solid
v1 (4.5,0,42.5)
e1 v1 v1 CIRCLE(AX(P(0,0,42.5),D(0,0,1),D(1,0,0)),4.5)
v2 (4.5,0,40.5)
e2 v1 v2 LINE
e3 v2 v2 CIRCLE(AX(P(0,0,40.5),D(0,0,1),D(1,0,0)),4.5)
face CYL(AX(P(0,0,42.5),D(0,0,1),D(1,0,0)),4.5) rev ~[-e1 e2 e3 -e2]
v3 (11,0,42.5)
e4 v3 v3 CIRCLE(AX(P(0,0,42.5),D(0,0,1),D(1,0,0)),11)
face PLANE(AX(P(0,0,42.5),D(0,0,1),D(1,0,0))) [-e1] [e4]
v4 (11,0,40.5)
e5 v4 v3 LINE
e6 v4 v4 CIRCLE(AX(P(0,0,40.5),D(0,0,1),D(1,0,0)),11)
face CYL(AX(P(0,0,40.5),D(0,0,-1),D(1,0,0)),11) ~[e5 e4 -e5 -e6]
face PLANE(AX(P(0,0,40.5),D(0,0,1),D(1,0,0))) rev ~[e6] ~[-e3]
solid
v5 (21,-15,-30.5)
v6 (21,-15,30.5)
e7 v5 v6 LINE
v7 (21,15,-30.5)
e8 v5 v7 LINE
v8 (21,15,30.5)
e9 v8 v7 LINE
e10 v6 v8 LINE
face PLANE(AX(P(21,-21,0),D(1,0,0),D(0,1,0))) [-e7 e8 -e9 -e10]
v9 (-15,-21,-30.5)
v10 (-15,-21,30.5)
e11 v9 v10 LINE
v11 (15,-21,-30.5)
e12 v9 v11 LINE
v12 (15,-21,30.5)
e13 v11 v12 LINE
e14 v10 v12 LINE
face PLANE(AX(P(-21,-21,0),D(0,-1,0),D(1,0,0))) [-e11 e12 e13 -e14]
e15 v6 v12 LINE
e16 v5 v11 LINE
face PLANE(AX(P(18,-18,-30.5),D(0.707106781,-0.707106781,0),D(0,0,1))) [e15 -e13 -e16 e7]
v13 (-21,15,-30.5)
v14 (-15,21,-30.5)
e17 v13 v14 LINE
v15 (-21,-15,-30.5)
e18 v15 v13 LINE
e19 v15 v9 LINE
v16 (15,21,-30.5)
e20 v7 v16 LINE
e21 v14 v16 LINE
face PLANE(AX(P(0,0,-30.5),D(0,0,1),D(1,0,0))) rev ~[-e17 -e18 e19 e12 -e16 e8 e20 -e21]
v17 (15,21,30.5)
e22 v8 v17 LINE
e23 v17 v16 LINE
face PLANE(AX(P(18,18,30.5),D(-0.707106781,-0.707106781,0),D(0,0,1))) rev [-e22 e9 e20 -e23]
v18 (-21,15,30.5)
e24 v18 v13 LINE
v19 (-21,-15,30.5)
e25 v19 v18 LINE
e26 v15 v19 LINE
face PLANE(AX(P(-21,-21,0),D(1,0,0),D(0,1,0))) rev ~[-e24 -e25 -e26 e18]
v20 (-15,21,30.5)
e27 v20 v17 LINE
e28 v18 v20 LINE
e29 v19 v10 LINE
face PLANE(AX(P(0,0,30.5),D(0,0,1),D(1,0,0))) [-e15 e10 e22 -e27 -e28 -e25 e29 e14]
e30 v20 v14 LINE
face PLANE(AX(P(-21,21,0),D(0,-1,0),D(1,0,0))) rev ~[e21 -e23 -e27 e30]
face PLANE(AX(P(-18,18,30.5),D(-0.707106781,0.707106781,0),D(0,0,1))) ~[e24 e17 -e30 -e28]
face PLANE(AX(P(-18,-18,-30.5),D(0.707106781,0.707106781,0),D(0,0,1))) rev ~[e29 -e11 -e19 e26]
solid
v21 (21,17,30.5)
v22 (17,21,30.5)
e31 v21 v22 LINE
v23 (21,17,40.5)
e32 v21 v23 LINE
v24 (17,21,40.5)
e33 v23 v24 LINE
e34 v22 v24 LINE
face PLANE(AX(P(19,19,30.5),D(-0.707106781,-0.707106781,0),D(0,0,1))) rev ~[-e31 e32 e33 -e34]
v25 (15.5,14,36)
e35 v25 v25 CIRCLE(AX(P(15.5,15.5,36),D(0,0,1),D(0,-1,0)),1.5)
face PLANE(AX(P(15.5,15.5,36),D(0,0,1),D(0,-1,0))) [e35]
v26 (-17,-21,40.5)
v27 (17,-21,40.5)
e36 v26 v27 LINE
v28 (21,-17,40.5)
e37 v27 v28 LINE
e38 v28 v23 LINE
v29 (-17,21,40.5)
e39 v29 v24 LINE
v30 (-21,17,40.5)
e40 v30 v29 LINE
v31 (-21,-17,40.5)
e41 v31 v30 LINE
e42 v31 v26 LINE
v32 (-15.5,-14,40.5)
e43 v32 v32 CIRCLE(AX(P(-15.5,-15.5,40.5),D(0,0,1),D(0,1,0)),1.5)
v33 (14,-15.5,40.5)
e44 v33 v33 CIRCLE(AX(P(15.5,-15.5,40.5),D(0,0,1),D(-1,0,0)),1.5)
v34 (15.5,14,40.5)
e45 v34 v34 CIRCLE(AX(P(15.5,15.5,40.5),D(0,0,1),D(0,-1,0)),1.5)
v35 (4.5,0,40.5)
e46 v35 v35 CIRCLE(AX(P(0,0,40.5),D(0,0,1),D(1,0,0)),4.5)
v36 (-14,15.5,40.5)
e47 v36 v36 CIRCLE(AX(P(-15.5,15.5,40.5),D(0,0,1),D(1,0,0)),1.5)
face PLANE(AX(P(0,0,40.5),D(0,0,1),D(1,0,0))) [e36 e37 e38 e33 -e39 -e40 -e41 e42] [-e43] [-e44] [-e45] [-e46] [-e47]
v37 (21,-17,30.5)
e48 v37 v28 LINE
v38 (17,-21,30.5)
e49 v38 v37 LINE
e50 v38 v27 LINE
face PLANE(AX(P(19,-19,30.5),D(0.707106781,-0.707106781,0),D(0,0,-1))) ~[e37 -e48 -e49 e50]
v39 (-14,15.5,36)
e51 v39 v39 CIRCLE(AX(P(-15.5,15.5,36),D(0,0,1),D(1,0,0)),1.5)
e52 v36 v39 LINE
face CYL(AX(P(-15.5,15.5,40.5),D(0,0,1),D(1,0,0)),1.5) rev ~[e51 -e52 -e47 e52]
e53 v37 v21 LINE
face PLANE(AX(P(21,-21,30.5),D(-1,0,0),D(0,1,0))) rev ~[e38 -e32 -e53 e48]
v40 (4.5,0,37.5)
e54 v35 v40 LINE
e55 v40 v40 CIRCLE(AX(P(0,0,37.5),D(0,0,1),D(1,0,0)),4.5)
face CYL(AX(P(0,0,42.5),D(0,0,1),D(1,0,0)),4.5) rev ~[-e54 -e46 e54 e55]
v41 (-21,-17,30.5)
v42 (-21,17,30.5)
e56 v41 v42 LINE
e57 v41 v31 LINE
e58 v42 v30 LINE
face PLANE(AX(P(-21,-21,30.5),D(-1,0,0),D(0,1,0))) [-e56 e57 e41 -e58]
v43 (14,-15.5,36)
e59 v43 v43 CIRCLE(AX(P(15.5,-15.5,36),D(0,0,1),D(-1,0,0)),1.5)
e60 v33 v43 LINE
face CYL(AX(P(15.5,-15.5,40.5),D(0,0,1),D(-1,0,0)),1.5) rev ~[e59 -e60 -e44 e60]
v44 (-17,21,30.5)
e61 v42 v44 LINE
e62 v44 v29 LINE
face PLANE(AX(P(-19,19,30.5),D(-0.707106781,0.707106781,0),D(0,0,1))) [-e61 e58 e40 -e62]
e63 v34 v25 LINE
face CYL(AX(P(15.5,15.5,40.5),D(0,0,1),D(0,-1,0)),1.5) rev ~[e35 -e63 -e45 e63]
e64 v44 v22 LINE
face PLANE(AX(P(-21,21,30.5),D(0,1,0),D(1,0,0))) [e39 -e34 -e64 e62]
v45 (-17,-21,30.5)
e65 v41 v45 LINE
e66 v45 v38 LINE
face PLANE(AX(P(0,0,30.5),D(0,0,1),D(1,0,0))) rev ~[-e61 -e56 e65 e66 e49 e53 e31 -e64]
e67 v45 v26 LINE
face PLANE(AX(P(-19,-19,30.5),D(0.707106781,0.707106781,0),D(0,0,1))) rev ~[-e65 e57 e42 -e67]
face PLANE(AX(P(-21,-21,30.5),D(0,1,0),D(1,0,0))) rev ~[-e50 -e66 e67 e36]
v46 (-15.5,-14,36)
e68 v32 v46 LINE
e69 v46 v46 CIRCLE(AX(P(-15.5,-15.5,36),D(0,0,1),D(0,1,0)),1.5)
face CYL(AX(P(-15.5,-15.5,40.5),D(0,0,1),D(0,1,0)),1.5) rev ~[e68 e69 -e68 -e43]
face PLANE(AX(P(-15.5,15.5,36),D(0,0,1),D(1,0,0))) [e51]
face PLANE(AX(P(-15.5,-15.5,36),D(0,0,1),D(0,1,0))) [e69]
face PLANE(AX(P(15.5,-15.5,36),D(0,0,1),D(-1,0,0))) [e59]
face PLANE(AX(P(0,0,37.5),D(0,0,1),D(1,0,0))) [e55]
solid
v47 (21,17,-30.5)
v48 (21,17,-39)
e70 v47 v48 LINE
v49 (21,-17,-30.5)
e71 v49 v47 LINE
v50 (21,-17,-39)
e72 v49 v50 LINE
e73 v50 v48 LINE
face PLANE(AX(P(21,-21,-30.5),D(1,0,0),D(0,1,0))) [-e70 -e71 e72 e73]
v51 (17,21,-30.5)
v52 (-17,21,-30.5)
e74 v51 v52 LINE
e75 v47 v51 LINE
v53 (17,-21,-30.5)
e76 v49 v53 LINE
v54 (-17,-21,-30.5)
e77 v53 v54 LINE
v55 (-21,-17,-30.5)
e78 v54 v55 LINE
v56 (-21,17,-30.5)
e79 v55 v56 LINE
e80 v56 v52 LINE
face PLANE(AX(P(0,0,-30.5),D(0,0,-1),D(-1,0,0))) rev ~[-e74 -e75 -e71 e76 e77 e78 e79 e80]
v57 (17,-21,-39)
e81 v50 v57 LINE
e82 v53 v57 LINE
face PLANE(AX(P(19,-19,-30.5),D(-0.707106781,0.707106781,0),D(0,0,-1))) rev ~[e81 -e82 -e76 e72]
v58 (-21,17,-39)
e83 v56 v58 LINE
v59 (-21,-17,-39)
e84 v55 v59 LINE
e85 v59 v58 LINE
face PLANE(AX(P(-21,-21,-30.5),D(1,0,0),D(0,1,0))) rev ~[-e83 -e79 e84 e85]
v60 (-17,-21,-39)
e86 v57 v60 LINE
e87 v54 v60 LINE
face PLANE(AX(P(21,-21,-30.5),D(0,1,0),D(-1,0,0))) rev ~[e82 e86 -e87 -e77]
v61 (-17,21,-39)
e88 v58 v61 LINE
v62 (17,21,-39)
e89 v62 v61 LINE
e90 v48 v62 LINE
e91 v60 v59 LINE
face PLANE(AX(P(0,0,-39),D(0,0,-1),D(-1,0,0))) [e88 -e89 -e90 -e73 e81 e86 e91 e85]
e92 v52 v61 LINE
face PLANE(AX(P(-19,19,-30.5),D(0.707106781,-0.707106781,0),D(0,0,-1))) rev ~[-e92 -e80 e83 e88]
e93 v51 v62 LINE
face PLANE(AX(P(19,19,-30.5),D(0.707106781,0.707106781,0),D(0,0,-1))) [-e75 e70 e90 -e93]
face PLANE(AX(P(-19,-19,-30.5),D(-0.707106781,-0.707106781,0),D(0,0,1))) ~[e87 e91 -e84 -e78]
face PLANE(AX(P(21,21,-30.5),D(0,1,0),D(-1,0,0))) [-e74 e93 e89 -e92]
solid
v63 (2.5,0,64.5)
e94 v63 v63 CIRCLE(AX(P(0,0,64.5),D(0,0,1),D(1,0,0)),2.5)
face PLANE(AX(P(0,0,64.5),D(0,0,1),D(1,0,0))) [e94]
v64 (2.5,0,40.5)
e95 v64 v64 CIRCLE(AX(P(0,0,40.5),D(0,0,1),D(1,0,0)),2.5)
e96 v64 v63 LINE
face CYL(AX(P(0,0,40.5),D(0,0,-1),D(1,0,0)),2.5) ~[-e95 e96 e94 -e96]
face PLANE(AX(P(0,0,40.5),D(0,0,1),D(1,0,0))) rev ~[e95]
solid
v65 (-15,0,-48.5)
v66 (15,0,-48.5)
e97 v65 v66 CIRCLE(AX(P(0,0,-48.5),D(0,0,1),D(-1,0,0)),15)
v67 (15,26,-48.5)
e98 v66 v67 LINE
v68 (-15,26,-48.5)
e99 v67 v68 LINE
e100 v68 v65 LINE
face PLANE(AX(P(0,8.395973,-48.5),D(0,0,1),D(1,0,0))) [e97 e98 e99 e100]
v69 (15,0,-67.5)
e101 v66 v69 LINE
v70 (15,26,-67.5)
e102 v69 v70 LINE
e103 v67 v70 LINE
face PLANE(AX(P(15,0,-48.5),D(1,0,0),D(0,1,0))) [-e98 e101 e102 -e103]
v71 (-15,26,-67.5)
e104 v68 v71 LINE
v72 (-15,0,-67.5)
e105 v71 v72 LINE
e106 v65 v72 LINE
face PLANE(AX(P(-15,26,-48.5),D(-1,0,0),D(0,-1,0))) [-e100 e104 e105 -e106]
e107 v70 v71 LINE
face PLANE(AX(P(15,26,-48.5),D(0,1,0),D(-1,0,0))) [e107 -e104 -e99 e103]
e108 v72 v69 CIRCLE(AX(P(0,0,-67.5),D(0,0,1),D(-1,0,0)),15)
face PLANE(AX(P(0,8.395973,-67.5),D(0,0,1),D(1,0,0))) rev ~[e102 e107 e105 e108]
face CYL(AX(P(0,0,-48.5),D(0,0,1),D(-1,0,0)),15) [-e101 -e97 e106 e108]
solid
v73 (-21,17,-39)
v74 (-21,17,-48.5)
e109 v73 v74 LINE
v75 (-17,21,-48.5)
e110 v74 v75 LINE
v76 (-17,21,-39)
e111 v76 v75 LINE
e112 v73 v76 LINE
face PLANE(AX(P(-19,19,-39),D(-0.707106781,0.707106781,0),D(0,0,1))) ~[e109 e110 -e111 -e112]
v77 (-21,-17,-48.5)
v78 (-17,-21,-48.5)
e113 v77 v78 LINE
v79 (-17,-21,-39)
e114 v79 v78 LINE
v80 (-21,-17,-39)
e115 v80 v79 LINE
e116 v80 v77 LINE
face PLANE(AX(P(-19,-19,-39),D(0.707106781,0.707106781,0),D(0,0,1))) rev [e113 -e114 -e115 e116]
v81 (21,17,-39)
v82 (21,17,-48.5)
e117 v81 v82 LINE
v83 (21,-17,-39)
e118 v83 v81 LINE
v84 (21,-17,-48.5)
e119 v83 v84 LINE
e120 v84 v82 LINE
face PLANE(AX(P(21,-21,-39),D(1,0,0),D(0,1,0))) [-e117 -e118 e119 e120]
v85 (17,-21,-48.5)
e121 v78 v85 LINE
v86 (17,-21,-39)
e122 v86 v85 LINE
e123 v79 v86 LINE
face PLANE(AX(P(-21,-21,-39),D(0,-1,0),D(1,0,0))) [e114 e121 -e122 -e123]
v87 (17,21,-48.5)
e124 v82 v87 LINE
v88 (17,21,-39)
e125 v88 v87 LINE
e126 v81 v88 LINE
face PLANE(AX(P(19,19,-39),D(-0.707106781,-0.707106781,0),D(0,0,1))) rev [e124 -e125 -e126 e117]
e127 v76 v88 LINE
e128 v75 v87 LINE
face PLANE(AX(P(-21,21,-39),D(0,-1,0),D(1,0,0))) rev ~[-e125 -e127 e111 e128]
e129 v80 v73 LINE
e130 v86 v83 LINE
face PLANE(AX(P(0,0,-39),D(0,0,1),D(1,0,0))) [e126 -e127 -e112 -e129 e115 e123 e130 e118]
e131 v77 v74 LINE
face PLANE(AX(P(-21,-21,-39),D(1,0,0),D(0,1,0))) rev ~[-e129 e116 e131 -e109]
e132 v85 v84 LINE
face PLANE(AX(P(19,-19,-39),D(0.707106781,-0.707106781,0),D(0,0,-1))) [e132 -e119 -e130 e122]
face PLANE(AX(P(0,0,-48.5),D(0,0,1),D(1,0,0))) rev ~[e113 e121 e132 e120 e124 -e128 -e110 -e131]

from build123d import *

# Parameters (mm, degrees)
SKETCH_1_W               = 42
SKETCH_1_H               = 42
EXTRUDE_1_DEPTH          = 30.5
CHAMFER_1_SIZE           = 6
SKETCH_15_W              = 42
SKETCH_15_H              = 42
EXTRUDE_11_DEPTH         = 10
SKETCH_16_W              = 42
SKETCH_16_H              = 42
EXTRUDE_12_DEPTH         = 8.5
SKETCH_17_W              = 42
SKETCH_17_H              = 42
EXTRUDE_13_DEPTH         = 9.5
CHAMFER_2_SIZE           = 4
CHAMFER_3_SIZE           = 4
CHAMFER_4_SIZE           = 4
SKETCH_2_R               = 11
EXTRUDE_2_DEPTH          = 2
SKETCH_3_R               = 4.5
CUT_EXTRUDE_1_DEPTH      = 5
SKETCH_6_R               = 2.5
EXTRUDE_9_DEPTH          = 24
EXTRUDE_10_DEPTH         = 19
SKETCH_8_R               = 1.5
CUT_EXTRUDE_3_DEPTH      = 4.5
PATTERN_CIRCULAR_1_COUNT = 4


with BuildPart() as part:
    # 草圖1 → 填料-伸長1 (new body, symmetric)
    with BuildSketch(Plane.XY):
        Rectangle(SKETCH_1_W, SKETCH_1_H)
    extrude(amount=EXTRUDE_1_DEPTH, both=True)

    # 導角1
    chamfer_1_edges = [part.edges().sort_by_distance(p)[0] for p in [
        (21, -21, 0),
        (-21, -21, 0),
        (-21, 21, 0),
        (21, 21, 0),
    ]]
    chamfer(chamfer_1_edges, length=CHAMFER_1_SIZE)


with BuildPart() as body_2:
    # 草圖15 → 填料-伸長11 (new body)
    with BuildSketch(Plane.XY.offset(30.5)):
        Rectangle(SKETCH_15_W, SKETCH_15_H)
    extrude(amount=EXTRUDE_11_DEPTH)

    # 導角2
    chamfer_2_edges = [body_2.edges().sort_by_distance(p)[0] for p in [
        (21, -21, 35.5),
        (-21, -21, 35.5),
        (-21, 21, 35.5),
        (21, 21, 35.5),
    ]]
    chamfer(chamfer_2_edges, length=CHAMFER_2_SIZE)


with BuildPart() as body_3:
    # 草圖16 → 填料-伸長12 (new body)
    with BuildSketch(Plane(origin=(0, 0, -30.5), x_dir=(-1, 0, 0), z_dir=(0, 0, -1))):
        Rectangle(SKETCH_16_W, SKETCH_16_H)
    extrude(amount=EXTRUDE_12_DEPTH)

    # 導角3
    chamfer_3_edges = [body_3.edges().sort_by_distance(p)[0] for p in [
        (-21, -21, -34.75),
        (21, -21, -34.75),
        (21, 21, -34.75),
        (-21, 21, -34.75),
    ]]
    chamfer(chamfer_3_edges, length=CHAMFER_3_SIZE)


with BuildPart() as body_4:
    # 草圖17 → 填料-伸長13 (new body)
    with BuildSketch(Plane.XY.offset(-39)):
        Rectangle(SKETCH_17_W, SKETCH_17_H)
    extrude(amount=-EXTRUDE_13_DEPTH)

    # 導角4
    chamfer_4_edges = [body_4.edges().sort_by_distance(p)[0] for p in [
        (21, -21, -43.75),
        (-21, -21, -43.75),
        (-21, 21, -43.75),
        (21, 21, -43.75),
    ]]
    chamfer(chamfer_4_edges, length=CHAMFER_4_SIZE)


with BuildPart() as body_5:
    # 草圖2 → 填料-伸長2 (new body)
    with BuildSketch(Plane.XY.offset(40.5)):
        Circle(SKETCH_2_R)
    extrude(amount=EXTRUDE_2_DEPTH)


with BuildPart() as cut_extrude_1_tool:
    # 草圖3 → 除料-伸長1 (new body)
    with BuildSketch(Plane.XY.offset(42.5)):
        Circle(SKETCH_3_R)
    extrude(amount=-CUT_EXTRUDE_1_DEPTH)


with BuildPart() as body_2_1:
    add(body_2.part)

    # 除料-伸長1: cut by cut_extrude_1_tool
    add(cut_extrude_1_tool.part, mode=Mode.SUBTRACT)

    # 草圖8 → 除料-伸長3 (cut)
    with BuildSketch(Plane.XY.offset(40.5)):
        with Locations((-15.5, 15.5)):
            Circle(SKETCH_8_R)
    cut_extrude_3 = extrude(amount=-CUT_EXTRUDE_3_DEPTH, mode=Mode.SUBTRACT)

    # 環狀複製排列1: 除料-伸長3 ×4 about axis
    pattern_circular_1_axis = Axis((0, 0, 0), (0, 0, 1))
    for i in range(1, PATTERN_CIRCULAR_1_COUNT):
        add(cut_extrude_3.rotate(pattern_circular_1_axis, i * 360 / PATTERN_CIRCULAR_1_COUNT), mode=Mode.SUBTRACT)


with BuildPart() as body_5_1:
    add(body_5.part)

    # 除料-伸長1: cut by cut_extrude_1_tool
    add(cut_extrude_1_tool.part, mode=Mode.SUBTRACT)


with BuildPart() as body_6:
    # 草圖6 → 填料-伸長9 (new body)
    with BuildSketch(Plane.XY.offset(40.5)):
        Circle(SKETCH_6_R)
    extrude(amount=EXTRUDE_9_DEPTH)


with BuildPart() as body_7:
    # 草圖9 → 填料-伸長10 (new body)
    with BuildSketch(Plane(origin=(0, 0, -48.5), x_dir=(-1, 0, 0), z_dir=(0, 0, -1))):
        with BuildLine():
            Line((-15, 0), (-15, 26))
            Line((-15, 26), (15, 26))
            Line((15, 26), (15, 0))
            ThreePointArc((15, 0), (0, -15), (-15, 0))
        make_face()
    extrude(amount=EXTRUDE_10_DEPTH)


solid = Compound([part.part, body_3.part, body_4.part, body_2_1.part, body_5_1.part, body_6.part, body_7.part])
